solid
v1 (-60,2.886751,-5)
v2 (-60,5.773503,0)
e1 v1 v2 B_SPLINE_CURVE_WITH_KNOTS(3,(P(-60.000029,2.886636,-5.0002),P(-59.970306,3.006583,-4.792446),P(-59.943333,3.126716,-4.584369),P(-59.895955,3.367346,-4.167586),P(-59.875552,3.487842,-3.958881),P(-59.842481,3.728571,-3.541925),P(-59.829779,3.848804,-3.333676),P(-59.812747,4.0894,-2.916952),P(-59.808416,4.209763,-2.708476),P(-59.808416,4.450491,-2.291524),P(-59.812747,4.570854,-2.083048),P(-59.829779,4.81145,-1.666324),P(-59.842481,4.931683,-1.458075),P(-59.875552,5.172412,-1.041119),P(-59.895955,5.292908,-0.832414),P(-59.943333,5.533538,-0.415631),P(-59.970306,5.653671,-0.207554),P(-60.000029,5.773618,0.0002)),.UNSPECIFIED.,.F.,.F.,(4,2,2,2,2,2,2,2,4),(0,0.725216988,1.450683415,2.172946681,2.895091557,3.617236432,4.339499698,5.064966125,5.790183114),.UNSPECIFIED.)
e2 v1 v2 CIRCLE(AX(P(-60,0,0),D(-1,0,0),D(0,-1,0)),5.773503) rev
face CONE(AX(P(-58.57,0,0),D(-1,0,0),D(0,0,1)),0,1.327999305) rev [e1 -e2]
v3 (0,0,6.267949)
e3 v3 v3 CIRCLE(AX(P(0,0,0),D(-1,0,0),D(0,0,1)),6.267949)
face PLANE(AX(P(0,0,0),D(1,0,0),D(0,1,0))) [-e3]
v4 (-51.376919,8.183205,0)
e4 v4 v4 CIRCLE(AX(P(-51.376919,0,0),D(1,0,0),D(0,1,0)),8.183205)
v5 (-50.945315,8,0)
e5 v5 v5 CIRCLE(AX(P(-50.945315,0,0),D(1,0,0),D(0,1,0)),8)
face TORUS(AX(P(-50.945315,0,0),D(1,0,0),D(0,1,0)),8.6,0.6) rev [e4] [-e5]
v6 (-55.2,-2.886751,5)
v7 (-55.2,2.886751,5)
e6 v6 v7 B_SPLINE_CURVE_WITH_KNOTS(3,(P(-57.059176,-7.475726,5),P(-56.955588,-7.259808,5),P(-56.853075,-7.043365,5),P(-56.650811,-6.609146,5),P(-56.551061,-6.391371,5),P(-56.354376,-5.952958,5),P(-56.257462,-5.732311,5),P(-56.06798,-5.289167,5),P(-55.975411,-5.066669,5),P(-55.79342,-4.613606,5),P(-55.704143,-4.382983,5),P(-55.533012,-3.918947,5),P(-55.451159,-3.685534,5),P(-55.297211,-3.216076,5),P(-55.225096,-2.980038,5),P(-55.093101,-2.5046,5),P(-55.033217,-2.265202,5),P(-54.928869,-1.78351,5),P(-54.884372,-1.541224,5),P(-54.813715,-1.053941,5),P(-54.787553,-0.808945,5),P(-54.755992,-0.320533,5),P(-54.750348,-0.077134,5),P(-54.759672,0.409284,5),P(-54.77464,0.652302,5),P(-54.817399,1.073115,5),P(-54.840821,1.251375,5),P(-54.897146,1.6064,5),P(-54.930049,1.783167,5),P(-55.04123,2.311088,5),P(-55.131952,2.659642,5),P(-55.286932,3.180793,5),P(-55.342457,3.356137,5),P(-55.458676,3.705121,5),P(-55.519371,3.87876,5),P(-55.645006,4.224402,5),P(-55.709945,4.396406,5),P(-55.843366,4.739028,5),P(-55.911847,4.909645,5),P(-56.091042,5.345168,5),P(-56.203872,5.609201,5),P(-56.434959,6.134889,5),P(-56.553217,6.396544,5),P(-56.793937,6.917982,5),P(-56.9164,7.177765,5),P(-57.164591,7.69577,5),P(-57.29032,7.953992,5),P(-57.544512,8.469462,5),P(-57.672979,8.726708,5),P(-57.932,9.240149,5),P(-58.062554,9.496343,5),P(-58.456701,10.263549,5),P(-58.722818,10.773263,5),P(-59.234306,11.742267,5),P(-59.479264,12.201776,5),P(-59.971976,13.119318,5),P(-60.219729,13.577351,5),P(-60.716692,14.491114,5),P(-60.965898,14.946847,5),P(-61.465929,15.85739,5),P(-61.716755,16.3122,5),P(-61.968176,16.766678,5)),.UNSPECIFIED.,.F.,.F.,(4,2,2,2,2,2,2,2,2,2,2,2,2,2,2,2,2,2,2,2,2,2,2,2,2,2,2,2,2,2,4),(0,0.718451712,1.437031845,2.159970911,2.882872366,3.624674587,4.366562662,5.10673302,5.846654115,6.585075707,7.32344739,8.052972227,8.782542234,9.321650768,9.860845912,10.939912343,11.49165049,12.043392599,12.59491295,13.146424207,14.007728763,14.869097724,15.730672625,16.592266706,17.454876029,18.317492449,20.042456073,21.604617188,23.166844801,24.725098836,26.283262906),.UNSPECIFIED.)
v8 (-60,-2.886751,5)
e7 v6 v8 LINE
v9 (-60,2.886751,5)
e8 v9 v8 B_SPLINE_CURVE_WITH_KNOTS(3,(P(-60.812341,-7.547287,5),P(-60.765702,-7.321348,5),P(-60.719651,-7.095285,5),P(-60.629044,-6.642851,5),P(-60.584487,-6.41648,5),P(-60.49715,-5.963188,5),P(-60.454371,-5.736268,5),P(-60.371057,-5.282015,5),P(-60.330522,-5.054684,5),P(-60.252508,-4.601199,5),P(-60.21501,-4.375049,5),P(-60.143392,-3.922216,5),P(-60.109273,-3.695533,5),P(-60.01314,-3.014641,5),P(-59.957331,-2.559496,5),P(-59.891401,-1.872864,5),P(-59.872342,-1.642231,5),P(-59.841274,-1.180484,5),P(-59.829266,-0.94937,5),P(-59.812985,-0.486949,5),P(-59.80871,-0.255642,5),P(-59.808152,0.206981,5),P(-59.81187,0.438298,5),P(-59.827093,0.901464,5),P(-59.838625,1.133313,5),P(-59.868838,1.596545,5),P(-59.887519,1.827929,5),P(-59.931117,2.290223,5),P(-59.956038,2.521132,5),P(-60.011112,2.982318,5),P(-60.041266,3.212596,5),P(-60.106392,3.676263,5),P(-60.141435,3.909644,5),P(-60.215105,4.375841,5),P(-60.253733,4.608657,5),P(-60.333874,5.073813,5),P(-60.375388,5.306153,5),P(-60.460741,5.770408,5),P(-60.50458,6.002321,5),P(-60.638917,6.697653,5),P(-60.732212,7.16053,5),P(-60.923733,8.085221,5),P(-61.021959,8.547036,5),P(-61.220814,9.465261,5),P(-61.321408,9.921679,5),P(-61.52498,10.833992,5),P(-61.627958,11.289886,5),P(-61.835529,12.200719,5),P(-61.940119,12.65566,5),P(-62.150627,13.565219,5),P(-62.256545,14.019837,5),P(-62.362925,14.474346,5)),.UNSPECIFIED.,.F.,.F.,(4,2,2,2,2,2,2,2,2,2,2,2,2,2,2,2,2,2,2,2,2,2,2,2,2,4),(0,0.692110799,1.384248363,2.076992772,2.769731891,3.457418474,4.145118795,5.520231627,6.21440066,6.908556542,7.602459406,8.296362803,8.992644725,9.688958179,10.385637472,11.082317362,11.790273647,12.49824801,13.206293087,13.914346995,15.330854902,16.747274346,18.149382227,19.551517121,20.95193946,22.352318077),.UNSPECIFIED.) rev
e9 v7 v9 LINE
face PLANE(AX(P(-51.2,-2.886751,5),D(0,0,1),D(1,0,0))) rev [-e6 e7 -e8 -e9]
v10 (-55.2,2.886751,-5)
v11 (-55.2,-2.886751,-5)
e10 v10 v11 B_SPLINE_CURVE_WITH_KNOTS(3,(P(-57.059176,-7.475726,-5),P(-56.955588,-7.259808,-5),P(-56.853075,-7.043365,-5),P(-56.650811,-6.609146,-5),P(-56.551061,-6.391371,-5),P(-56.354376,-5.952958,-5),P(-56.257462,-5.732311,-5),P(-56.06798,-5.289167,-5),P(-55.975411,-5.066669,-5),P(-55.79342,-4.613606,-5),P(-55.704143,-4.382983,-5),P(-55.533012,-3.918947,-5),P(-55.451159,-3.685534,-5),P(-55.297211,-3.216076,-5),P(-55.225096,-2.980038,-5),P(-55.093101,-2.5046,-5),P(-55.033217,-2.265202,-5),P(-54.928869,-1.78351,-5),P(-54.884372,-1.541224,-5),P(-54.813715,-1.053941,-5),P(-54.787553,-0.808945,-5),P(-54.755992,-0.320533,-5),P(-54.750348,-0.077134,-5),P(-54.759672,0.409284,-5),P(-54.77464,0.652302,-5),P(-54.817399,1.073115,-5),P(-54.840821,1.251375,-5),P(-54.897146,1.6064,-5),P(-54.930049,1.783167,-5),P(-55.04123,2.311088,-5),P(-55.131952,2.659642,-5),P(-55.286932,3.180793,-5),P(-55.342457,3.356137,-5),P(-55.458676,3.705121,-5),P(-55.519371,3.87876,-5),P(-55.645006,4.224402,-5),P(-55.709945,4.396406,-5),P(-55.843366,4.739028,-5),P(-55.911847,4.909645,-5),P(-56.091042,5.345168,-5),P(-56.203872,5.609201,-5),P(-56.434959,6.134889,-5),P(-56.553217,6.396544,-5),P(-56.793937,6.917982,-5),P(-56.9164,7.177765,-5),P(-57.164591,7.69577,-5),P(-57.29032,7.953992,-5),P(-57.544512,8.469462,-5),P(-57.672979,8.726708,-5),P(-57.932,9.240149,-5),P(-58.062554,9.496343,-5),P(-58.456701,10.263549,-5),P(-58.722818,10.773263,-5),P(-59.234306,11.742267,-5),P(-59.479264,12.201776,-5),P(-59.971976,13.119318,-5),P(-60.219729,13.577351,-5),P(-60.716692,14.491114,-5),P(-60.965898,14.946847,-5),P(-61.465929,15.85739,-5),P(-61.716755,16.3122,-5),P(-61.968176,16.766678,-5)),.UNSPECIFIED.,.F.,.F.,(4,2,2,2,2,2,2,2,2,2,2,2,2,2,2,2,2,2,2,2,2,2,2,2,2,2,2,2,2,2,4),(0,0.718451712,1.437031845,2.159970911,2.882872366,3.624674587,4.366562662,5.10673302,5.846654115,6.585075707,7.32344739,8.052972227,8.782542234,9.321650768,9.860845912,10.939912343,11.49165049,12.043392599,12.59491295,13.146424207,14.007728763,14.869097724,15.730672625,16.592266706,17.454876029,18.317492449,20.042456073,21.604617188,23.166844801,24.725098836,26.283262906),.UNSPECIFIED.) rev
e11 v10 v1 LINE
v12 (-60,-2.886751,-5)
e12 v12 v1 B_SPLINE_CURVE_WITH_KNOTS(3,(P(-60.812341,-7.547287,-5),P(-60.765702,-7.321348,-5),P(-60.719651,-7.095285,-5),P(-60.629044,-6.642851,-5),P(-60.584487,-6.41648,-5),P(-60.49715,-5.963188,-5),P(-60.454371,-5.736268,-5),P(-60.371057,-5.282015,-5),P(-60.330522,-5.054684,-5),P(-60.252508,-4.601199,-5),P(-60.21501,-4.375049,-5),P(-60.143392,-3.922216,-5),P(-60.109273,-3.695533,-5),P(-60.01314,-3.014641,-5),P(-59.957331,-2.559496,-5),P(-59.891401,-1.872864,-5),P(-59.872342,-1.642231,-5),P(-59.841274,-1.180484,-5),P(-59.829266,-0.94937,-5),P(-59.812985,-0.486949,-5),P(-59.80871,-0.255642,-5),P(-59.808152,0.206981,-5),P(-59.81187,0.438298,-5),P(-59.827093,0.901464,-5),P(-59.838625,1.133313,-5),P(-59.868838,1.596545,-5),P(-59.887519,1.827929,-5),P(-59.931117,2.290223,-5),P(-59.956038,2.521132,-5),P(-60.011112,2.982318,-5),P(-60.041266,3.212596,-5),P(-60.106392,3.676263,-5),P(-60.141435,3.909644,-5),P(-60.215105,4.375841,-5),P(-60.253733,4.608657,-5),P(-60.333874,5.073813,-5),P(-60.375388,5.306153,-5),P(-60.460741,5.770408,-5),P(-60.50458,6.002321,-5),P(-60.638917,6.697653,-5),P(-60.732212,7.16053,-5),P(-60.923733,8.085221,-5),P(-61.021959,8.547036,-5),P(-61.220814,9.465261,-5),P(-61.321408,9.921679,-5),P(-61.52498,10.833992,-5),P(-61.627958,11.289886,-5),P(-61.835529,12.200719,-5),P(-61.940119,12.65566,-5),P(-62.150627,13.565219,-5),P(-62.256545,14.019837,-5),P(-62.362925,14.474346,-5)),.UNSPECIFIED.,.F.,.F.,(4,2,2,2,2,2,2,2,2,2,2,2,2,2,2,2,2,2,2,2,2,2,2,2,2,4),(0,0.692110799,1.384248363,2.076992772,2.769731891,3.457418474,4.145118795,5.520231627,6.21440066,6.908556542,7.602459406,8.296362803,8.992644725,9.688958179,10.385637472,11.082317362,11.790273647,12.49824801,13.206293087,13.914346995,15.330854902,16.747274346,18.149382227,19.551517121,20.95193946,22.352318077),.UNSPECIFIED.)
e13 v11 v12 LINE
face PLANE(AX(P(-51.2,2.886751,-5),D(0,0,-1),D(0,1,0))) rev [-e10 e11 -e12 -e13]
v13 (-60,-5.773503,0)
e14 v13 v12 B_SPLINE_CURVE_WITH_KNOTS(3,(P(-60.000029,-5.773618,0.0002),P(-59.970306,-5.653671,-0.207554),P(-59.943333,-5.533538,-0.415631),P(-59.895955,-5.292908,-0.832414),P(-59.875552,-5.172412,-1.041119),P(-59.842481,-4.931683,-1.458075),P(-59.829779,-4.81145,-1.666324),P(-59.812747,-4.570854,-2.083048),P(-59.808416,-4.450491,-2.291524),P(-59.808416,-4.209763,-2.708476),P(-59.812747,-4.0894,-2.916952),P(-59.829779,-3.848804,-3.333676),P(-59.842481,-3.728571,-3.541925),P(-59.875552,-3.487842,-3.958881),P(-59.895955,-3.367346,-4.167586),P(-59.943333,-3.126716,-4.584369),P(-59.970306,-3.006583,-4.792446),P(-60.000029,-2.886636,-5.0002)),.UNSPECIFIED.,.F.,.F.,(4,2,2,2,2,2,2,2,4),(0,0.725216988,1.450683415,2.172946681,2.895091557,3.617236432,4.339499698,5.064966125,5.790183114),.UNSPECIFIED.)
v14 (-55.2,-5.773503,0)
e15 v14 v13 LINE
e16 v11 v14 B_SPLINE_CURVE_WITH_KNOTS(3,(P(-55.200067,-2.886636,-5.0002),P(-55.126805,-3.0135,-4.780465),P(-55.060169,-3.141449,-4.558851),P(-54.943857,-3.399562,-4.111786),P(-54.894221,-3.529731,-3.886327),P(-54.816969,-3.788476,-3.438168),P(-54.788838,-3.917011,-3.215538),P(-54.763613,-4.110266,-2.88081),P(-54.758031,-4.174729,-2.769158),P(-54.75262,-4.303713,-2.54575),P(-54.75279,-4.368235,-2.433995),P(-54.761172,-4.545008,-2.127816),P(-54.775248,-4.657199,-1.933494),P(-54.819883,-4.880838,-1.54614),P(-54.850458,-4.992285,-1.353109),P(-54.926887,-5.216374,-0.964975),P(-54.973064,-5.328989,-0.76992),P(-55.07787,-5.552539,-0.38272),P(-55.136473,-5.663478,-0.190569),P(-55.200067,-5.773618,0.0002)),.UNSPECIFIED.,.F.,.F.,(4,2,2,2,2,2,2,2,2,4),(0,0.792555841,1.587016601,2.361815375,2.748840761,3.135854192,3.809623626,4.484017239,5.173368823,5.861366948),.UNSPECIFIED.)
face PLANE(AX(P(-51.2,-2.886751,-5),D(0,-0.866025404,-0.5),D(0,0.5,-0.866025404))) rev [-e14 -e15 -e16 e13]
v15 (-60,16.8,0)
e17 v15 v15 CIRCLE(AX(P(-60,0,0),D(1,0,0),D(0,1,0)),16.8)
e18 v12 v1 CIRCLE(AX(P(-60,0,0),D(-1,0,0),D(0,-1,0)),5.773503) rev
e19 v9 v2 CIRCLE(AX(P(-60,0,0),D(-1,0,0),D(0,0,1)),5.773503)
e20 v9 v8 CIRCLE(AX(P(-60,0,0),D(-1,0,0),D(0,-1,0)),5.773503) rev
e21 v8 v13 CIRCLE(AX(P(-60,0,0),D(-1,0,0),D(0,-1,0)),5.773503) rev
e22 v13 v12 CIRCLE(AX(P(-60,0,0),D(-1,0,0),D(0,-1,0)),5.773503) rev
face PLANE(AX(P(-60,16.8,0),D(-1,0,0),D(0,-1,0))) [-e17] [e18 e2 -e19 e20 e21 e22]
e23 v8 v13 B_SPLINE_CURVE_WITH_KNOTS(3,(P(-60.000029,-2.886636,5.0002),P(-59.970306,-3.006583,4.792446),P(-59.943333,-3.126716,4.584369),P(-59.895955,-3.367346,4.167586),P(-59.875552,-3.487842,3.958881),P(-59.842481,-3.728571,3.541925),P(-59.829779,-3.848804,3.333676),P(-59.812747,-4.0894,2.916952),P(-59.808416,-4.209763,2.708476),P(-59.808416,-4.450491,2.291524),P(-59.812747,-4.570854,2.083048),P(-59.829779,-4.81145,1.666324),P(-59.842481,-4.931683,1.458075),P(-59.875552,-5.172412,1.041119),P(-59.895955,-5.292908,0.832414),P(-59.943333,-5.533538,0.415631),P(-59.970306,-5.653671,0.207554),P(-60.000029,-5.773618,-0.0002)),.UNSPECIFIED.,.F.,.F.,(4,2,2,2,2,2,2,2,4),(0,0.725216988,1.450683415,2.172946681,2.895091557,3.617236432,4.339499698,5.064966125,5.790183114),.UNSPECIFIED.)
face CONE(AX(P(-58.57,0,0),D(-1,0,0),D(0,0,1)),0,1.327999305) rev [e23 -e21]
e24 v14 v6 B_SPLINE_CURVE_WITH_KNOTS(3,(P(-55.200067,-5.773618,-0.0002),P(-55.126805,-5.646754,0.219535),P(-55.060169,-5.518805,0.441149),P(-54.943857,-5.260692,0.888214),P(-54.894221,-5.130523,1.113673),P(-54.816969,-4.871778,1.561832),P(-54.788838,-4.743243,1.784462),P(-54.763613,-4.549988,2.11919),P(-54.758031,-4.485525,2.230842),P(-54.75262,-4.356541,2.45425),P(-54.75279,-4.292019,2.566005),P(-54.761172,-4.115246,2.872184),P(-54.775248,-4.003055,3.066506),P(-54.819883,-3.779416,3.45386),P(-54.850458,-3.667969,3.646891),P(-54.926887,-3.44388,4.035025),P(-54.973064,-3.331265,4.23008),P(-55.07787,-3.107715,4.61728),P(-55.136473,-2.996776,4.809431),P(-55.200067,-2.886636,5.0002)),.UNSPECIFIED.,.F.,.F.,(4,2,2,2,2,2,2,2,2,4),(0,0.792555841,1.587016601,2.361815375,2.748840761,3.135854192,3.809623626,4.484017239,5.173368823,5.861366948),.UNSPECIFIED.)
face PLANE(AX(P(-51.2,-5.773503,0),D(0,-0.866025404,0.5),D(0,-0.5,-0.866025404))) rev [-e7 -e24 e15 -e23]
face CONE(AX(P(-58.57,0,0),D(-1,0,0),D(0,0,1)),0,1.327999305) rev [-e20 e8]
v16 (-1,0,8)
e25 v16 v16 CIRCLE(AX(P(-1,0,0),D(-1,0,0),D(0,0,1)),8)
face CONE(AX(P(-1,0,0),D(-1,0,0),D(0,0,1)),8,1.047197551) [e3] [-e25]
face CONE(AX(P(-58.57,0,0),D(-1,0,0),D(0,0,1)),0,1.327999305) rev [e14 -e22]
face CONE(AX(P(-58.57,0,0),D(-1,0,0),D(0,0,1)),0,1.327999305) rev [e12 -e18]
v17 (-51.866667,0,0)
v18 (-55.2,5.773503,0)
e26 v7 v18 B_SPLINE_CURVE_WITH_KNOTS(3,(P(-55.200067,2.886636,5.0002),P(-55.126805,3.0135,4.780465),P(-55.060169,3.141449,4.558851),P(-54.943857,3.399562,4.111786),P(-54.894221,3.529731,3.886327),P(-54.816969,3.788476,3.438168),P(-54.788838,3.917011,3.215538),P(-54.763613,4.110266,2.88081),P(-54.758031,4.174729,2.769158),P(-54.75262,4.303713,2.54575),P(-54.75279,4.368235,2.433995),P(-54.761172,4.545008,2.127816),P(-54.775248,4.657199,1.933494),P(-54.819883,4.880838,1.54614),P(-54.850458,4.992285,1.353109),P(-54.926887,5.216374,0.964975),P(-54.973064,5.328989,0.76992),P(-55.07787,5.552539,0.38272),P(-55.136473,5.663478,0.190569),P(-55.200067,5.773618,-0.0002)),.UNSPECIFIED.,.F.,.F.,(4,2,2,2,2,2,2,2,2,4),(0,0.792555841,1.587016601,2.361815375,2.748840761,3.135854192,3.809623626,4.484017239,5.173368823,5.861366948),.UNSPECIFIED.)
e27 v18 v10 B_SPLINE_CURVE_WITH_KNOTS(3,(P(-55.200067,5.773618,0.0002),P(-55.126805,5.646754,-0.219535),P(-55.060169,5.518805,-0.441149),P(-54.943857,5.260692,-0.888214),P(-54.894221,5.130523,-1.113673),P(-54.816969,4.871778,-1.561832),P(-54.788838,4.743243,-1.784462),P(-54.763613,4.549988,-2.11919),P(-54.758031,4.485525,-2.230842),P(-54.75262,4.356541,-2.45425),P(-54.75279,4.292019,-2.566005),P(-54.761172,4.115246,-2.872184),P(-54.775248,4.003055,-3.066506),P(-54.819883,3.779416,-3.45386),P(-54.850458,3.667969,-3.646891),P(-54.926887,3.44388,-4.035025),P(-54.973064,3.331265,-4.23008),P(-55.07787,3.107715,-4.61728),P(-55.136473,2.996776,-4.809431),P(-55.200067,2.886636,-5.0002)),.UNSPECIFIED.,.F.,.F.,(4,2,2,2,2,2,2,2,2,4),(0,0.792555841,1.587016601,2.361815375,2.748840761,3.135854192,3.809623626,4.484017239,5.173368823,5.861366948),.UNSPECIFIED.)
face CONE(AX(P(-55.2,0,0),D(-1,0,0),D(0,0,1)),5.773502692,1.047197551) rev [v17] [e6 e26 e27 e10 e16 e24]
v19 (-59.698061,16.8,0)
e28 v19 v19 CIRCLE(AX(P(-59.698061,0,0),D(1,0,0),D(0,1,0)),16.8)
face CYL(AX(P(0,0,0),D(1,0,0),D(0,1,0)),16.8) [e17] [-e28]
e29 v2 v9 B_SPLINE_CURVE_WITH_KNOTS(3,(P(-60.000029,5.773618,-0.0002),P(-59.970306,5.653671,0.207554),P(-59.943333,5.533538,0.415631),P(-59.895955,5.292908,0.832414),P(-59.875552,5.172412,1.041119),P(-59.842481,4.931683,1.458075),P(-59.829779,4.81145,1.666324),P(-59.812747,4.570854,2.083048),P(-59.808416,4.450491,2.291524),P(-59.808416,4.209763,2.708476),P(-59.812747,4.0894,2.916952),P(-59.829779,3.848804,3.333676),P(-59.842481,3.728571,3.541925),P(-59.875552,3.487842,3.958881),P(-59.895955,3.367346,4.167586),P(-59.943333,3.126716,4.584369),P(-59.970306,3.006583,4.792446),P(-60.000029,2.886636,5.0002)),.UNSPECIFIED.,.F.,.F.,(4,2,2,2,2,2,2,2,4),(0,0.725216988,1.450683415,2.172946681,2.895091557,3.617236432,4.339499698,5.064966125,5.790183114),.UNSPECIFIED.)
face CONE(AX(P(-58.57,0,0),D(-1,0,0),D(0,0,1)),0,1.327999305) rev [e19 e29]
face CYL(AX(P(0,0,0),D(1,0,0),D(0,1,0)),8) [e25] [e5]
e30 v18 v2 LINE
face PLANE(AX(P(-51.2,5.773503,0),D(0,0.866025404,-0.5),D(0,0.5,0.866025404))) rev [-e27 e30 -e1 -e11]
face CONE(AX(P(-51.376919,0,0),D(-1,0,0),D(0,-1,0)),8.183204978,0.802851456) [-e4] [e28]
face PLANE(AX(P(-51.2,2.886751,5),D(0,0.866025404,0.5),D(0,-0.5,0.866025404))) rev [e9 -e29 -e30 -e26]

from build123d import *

# Parameters (mm, degrees)
CUT_EXTRUDE_1_DEPTH = 8.8


with BuildPart() as part:
    # 草图1 → 旋转1 (revolve)
    with BuildSketch(Plane.XY):
        with BuildLine():
            Line((0, 8), (-50.94531511, 8))
            ThreePointArc((-50.94531511, 8), (-51.179753787, 8.047697088), (-51.37691899, 8.183204978))
            Line((-51.37691899, 8.183204978), (-59.698061218, 16.8))
            Line((-59.698061218, 16.8), (-60, 16.8))
            Line((-60, 16.8), (-60, 0))
            Line((-60, 0), (0, 0))
            Line((0, 0), (0, 8))
        make_face()
    revolve(axis=Axis((0, 0, 0), (-1, 0, 0)))

    # 草图2 → 切除-拉伸1 (cut)
    with BuildSketch(Plane.ZY.offset(60)):
        Polygon((0, 5.773502692), (-5, 2.886751346), (-5, -2.886751346), (0, -5.773502692), (5, -2.886751346), (5, 2.886751346), align=None)
    extrude(amount=-CUT_EXTRUDE_1_DEPTH, mode=Mode.SUBTRACT)

    # 草图6 → 旋转2 (revolve)
    with BuildSketch(Plane.XY):
        Polygon((-55.2, 5.773502692), (-51.866666667, 0), (-49.77, 0), (-49.77, 5.773502692), align=None)
    revolve(axis=Axis((-60, 0, 0), (1, 0, 0)))

    # 草图7 → 切除-旋转2 (revolve, cut)
    with BuildSketch(Plane.XY):
        Polygon((-60, 5.773502692), (-60, 0), (-58.57, 0), align=None)
    revolve(axis=Axis((-60, 0, 0), (1, 0, 0)), mode=Mode.SUBTRACT)

    # 草图4 → 切除-旋转1 (revolve, cut)
    with BuildSketch(Plane.XY):
        Polygon((-1, 8), (0, 6.267949192), (1, 8), align=None)
    revolve(axis=Axis((-1, 0, 0), (1, 0, 0)), mode=Mode.SUBTRACT)


solid = part.part
